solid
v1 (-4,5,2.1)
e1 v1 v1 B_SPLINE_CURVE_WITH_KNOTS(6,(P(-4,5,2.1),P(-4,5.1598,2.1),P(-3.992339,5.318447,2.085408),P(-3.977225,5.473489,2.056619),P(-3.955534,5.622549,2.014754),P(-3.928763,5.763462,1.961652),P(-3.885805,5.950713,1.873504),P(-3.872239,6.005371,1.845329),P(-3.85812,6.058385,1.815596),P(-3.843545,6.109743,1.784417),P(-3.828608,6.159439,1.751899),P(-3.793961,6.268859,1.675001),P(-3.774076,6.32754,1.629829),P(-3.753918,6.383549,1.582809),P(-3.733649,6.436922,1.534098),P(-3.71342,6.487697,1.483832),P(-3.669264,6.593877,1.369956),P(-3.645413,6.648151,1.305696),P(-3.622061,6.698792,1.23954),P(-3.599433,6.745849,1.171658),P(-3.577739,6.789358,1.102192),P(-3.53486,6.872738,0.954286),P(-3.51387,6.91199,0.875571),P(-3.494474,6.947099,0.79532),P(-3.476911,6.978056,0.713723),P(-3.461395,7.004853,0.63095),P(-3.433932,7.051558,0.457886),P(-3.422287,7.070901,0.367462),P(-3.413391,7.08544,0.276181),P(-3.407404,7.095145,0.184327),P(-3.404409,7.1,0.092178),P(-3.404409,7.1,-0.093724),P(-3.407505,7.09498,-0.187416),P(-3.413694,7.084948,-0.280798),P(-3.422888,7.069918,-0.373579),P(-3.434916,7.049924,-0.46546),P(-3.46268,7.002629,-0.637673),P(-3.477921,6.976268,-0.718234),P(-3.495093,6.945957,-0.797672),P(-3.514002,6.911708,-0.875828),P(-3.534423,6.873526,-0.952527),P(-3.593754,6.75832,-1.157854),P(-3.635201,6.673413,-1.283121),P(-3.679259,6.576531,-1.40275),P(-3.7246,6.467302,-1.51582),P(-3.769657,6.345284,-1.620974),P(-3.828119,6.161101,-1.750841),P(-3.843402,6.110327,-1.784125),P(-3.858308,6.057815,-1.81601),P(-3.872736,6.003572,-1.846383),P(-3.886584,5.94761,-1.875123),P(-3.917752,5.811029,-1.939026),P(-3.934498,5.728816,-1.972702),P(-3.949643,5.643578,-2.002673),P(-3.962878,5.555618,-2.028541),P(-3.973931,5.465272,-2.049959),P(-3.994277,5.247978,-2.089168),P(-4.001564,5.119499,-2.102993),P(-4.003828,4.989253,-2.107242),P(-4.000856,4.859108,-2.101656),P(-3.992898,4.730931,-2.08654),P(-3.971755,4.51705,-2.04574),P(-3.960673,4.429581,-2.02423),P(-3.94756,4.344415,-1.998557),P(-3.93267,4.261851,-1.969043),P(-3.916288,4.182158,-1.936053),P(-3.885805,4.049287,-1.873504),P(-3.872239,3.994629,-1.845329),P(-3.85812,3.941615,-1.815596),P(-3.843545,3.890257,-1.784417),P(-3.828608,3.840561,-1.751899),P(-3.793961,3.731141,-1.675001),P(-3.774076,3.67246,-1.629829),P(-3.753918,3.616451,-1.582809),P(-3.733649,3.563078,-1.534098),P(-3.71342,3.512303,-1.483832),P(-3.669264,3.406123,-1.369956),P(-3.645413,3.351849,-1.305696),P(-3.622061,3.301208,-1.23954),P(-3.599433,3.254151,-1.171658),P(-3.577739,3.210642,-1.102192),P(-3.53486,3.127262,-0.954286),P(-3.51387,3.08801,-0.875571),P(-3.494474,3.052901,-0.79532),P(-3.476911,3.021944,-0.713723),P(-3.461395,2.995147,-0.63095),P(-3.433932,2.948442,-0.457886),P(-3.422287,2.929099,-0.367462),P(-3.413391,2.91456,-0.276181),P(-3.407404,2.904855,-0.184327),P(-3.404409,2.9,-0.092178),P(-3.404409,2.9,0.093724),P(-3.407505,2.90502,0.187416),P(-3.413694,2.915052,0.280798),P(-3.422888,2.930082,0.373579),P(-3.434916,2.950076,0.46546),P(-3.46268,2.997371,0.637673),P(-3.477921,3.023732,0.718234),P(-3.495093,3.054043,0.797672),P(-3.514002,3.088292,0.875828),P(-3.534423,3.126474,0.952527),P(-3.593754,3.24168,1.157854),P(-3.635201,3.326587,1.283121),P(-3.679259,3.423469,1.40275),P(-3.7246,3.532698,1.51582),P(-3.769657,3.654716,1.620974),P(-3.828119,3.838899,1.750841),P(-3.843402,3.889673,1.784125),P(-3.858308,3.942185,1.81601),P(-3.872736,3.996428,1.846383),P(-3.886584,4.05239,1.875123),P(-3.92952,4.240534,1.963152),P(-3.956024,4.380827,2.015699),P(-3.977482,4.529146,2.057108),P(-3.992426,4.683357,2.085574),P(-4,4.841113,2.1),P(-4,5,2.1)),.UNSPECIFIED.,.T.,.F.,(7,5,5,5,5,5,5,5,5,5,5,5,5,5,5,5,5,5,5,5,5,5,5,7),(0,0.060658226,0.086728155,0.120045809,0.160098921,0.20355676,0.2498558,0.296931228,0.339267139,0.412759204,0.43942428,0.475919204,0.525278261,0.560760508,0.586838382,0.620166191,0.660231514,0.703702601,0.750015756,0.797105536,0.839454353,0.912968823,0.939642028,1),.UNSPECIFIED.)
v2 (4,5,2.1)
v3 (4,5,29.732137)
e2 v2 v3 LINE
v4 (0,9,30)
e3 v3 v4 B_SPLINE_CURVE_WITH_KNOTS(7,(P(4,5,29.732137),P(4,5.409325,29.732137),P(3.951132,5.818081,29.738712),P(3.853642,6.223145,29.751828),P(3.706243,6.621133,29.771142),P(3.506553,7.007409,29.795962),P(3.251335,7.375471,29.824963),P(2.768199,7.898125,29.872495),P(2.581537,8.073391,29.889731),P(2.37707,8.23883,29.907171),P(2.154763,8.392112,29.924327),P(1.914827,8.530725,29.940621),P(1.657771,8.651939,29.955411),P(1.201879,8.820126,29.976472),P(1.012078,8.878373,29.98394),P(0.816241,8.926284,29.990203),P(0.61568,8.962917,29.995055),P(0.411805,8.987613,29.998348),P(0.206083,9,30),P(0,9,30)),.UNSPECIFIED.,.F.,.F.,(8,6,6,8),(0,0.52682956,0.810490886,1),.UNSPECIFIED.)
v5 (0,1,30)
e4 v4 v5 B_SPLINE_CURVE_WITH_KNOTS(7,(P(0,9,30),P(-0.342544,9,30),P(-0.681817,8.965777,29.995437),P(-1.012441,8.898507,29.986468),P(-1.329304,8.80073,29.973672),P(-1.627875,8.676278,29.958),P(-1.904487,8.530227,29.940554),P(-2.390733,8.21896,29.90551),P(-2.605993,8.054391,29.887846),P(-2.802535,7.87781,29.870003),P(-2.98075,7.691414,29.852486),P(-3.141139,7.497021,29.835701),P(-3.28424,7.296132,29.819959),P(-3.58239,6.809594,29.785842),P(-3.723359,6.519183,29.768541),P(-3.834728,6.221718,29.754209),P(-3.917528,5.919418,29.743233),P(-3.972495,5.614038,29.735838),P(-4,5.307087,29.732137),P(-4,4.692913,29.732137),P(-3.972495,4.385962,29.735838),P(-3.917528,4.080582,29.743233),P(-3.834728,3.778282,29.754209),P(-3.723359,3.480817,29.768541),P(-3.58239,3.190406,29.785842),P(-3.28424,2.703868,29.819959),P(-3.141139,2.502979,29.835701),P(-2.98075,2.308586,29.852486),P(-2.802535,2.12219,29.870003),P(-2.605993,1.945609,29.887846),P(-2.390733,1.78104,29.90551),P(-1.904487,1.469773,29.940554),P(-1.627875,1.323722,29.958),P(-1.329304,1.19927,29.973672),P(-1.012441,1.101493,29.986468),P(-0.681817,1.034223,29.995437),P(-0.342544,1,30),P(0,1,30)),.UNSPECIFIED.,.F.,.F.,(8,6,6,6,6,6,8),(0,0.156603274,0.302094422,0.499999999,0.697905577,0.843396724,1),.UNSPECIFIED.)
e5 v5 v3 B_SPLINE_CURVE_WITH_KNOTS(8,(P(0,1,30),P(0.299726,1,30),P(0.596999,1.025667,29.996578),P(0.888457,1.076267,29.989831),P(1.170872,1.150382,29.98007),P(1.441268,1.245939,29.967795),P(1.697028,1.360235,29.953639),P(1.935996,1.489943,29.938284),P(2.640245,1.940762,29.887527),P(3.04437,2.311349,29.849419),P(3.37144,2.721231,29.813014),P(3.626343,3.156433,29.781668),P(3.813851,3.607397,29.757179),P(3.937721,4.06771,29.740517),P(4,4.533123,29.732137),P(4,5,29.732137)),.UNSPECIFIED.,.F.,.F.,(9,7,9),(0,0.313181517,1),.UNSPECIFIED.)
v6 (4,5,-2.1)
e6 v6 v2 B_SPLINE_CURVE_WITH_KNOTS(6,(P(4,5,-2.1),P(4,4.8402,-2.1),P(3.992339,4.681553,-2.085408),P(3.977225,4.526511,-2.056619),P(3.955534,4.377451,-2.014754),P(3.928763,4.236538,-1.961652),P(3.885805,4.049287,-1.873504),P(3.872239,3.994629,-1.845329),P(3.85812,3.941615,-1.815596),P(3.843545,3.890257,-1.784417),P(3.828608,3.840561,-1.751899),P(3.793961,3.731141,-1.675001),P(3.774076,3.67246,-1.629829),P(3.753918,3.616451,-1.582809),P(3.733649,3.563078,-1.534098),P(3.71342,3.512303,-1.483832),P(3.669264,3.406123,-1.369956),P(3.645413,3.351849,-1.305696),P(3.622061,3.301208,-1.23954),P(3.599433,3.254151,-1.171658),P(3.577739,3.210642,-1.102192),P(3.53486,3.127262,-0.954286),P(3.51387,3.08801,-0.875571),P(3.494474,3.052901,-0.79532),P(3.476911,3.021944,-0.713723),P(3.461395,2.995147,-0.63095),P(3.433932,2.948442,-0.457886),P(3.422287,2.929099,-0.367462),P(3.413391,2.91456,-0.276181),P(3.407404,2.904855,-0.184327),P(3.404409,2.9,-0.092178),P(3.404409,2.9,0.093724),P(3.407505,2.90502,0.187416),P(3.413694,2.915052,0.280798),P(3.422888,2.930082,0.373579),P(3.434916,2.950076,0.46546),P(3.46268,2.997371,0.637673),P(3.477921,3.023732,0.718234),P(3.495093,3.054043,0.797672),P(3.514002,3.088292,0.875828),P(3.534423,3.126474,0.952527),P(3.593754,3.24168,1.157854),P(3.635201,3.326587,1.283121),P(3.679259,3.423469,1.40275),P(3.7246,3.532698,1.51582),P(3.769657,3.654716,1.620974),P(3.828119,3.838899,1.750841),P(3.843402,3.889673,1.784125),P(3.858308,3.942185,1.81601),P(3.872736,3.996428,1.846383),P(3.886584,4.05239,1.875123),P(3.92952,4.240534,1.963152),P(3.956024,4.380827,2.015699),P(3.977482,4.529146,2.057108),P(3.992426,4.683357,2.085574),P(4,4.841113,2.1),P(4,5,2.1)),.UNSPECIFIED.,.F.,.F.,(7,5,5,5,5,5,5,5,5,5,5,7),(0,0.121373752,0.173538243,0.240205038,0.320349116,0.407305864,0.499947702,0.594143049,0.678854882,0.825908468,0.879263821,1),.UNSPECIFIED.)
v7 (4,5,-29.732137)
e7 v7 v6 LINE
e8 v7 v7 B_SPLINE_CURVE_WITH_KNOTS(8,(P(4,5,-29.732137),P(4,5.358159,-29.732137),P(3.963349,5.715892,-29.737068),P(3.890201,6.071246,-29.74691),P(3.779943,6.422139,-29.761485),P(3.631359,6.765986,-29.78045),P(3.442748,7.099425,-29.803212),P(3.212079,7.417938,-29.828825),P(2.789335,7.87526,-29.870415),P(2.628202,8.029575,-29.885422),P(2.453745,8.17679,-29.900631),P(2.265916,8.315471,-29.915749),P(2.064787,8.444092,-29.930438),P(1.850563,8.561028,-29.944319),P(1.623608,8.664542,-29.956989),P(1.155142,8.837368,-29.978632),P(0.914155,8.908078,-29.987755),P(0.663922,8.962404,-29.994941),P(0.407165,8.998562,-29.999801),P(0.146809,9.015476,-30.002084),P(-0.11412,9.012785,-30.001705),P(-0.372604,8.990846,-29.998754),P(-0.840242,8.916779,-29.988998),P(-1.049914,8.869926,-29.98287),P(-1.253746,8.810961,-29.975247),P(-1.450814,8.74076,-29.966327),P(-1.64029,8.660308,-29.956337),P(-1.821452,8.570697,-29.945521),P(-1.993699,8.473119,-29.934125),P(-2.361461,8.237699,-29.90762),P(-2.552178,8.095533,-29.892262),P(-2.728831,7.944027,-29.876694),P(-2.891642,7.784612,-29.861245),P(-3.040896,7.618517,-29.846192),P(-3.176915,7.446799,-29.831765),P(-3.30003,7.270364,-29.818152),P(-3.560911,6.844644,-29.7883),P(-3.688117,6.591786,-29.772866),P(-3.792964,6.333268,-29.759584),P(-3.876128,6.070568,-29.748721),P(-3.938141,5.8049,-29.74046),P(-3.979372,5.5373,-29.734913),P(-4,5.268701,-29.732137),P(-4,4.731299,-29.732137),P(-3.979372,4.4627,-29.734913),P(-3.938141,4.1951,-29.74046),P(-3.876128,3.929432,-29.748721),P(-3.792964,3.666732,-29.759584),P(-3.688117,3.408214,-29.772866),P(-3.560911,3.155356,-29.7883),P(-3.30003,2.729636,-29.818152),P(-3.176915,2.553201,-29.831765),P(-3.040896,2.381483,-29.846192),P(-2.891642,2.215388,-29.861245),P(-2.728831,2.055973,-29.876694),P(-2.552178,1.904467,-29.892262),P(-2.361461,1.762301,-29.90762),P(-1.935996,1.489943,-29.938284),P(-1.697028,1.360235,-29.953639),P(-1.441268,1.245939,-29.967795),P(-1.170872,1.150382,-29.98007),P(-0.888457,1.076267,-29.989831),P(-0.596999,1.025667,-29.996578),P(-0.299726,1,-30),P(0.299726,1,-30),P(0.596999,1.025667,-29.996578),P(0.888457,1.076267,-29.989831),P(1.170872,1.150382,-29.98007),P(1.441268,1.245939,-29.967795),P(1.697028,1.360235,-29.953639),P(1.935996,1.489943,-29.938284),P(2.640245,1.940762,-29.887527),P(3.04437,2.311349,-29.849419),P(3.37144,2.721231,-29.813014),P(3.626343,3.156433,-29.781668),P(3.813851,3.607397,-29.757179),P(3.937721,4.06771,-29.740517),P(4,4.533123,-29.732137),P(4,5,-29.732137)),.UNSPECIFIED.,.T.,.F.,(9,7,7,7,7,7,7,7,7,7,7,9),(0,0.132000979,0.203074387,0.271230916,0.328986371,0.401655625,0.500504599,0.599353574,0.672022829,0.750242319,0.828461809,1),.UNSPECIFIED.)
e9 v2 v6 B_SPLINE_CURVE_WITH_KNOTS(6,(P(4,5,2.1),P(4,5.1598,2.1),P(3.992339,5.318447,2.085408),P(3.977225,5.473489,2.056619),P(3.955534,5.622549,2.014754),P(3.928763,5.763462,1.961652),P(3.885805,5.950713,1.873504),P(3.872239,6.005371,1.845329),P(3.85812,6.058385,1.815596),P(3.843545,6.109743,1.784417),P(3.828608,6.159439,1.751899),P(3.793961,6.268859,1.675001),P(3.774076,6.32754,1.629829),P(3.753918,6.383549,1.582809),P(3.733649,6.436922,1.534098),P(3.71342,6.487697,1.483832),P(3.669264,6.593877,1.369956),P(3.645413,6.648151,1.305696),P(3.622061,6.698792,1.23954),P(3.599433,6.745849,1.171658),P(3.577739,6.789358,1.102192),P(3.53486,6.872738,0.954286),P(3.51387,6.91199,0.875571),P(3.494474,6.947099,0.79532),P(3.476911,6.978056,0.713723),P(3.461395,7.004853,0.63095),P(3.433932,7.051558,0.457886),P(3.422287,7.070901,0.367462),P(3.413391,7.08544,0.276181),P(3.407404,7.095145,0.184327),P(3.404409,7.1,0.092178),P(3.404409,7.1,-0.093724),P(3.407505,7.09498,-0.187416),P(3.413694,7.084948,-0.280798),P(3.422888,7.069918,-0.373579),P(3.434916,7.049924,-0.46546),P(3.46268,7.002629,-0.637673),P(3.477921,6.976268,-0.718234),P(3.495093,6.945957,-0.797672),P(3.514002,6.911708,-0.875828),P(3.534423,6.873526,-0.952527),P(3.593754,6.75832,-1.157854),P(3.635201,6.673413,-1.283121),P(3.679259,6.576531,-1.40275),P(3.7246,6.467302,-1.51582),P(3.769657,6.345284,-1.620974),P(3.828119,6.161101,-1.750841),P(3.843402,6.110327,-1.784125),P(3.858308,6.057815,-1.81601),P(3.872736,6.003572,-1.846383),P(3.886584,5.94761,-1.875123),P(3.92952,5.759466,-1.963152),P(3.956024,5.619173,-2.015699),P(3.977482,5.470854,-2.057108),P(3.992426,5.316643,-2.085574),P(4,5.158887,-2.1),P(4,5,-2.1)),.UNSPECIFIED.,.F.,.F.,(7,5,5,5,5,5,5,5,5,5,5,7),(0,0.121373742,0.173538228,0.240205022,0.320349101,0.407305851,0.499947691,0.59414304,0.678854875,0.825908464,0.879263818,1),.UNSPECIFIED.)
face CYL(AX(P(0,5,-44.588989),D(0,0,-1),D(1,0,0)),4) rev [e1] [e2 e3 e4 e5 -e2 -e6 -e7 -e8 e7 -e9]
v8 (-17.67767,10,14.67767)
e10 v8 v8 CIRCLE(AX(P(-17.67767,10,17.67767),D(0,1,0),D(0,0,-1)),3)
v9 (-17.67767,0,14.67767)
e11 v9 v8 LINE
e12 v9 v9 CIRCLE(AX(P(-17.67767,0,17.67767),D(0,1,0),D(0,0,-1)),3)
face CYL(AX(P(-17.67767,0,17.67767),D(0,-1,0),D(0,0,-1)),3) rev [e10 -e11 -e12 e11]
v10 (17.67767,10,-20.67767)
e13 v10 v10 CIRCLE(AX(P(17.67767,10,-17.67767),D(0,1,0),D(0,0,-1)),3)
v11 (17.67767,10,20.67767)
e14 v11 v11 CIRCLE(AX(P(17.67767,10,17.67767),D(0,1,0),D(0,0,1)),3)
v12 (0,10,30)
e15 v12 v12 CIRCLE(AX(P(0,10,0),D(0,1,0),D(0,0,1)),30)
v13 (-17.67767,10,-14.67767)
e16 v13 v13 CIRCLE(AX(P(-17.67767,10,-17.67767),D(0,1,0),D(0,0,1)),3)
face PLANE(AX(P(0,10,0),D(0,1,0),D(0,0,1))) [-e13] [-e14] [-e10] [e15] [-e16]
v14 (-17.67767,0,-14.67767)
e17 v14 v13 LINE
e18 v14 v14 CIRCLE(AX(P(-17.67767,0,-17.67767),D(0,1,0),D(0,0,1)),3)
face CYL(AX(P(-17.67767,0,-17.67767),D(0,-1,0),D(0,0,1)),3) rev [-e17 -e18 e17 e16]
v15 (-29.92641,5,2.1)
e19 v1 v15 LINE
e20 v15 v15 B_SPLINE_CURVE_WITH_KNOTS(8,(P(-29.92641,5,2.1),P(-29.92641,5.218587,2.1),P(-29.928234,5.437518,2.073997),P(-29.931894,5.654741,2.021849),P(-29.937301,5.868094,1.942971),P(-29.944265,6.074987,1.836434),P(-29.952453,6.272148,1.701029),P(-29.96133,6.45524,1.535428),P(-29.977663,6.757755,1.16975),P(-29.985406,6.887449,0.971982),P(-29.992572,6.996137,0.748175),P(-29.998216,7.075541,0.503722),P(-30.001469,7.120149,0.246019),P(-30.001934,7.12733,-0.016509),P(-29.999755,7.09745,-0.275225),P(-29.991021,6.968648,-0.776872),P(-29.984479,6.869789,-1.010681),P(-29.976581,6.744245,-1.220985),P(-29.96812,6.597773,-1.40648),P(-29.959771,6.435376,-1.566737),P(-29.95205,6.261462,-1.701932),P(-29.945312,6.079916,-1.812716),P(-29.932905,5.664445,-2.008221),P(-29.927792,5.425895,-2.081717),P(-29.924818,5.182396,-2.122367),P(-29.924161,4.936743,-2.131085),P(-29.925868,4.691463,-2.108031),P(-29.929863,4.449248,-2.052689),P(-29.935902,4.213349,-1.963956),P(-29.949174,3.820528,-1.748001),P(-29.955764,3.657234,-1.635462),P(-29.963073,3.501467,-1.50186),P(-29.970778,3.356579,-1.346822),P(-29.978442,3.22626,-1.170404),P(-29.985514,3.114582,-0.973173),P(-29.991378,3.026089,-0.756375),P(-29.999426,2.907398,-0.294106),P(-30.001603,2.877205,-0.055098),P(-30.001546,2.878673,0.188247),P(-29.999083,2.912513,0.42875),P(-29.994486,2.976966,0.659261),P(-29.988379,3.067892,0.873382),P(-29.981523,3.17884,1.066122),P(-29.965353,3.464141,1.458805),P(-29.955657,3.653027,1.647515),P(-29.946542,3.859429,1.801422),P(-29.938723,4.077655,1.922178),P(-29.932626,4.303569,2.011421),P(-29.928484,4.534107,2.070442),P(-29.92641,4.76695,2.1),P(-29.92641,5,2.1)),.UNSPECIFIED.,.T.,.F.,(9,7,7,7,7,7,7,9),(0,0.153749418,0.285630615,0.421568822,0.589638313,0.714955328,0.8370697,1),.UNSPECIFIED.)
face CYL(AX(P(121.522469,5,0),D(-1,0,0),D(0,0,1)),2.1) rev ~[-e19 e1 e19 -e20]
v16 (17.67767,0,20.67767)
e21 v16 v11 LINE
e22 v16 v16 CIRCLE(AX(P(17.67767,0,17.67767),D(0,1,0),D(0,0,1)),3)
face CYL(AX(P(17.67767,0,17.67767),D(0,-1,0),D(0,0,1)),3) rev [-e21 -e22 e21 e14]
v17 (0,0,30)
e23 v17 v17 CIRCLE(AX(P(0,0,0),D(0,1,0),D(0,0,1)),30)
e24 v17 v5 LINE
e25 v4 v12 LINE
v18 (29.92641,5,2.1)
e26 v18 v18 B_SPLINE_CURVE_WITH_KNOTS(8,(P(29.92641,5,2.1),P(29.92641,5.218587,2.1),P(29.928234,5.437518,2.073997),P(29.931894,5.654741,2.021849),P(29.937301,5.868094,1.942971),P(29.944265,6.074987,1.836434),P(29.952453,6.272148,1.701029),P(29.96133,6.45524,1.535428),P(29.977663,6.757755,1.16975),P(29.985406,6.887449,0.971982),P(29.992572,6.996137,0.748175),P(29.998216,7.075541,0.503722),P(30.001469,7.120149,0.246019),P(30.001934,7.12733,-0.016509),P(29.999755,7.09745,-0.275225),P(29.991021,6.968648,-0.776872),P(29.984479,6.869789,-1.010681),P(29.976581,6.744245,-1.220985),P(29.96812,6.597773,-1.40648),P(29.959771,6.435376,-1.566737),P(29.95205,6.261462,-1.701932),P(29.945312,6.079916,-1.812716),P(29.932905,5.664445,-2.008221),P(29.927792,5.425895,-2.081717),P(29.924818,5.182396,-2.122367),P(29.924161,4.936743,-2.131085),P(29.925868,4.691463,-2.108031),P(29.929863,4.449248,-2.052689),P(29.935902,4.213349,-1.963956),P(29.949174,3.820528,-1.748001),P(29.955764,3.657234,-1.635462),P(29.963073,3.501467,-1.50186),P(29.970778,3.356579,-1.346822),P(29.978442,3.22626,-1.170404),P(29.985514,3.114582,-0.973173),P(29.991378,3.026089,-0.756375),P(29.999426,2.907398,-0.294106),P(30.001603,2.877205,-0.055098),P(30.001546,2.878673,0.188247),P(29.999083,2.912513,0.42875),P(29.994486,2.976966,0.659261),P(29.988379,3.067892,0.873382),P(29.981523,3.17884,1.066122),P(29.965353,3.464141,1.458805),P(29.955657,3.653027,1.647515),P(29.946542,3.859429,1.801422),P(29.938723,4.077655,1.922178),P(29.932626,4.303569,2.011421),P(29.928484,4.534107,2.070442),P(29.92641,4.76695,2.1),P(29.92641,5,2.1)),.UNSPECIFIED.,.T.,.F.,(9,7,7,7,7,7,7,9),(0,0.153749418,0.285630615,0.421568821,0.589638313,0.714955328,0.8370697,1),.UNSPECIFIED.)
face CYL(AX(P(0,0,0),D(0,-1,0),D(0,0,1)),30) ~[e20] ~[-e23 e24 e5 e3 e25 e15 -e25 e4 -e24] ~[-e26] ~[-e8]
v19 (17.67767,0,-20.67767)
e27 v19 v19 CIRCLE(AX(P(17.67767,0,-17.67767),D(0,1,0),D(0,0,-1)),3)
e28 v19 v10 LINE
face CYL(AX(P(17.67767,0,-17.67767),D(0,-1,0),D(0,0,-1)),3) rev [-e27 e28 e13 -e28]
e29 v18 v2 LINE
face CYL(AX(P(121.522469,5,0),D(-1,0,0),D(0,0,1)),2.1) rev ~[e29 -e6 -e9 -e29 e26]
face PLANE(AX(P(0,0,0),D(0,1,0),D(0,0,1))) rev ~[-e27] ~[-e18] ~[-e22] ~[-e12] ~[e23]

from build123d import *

# Parameters (mm, degrees)
SKETCH_1_R               = 30
SKETCH_1_R_2             = 3
EXTRUDE_1_DEPTH          = 10
CUT_EXTRUDE_1_DEPTH      = 44.588989435
CUT_EXTRUDE_1_DEPTH_BACK = 44.588989435
SKETCH_2_R               = 4
SKETCH_3_R               = 2
EXTRUDE_2_DEPTH          = 32.5
HOLE_WIZARD_M5_2_D       = 4.2


with BuildPart() as part:
    # 草图1 → 凸台-拉伸1 (new body)
    with BuildSketch(Plane(origin=(0, 0, 0), x_dir=(1, 0, 0), z_dir=(0, 1, 0))):
        with Locations(Location((0, 0, 0), (0, 0, 270))):
            Circle(SKETCH_1_R)
        with Locations(Location((-17.67766953, 17.67766953, 0), (0, 0, 270))):
            Circle(SKETCH_1_R_2, mode=Mode.SUBTRACT)
        with Locations(Location((17.67766953, 17.67766953, 0), (0, 0, 90))):
            Circle(SKETCH_1_R_2, mode=Mode.SUBTRACT)
        with Locations(Location((17.67766953, -17.67766953, 0), (0, 0, 270))):
            Circle(SKETCH_1_R_2, mode=Mode.SUBTRACT)
        with Locations(Location((-17.67766953, -17.67766953, 0), (0, 0, 90))):
            Circle(SKETCH_1_R_2, mode=Mode.SUBTRACT)
    extrude(amount=EXTRUDE_1_DEPTH)

    # 草图2 → 切除-拉伸1 (cut, two sides: drawn at the far end of the back side and taken through both)
    with BuildSketch(Plane.XY.offset(-CUT_EXTRUDE_1_DEPTH_BACK)):
        with Locations((0, 5)):
            Circle(SKETCH_2_R)
    extrude(amount=CUT_EXTRUDE_1_DEPTH + CUT_EXTRUDE_1_DEPTH_BACK, mode=Mode.SUBTRACT)

    # 草图3 → 凸台-拉伸2 (add, symmetric)
    with BuildSketch(Plane(origin=(0, 0, 0), x_dir=(0, 0, -1), z_dir=(1, 0, 0))):
        with Locations(Location((0, 5, 0), (0, 0, 180))):
            Circle(SKETCH_3_R)
    extrude(amount=EXTRUDE_2_DEPTH, both=True)

    # M5 螺纹孔2 (through all)
    with Locations(Plane(origin=(32.5, 0, 0), x_dir=(0, 0, -1), z_dir=(1, 0, 0))):
        with Locations((0, 5)):
            Hole(HOLE_WIZARD_M5_2_D / 2)


solid = part.part
